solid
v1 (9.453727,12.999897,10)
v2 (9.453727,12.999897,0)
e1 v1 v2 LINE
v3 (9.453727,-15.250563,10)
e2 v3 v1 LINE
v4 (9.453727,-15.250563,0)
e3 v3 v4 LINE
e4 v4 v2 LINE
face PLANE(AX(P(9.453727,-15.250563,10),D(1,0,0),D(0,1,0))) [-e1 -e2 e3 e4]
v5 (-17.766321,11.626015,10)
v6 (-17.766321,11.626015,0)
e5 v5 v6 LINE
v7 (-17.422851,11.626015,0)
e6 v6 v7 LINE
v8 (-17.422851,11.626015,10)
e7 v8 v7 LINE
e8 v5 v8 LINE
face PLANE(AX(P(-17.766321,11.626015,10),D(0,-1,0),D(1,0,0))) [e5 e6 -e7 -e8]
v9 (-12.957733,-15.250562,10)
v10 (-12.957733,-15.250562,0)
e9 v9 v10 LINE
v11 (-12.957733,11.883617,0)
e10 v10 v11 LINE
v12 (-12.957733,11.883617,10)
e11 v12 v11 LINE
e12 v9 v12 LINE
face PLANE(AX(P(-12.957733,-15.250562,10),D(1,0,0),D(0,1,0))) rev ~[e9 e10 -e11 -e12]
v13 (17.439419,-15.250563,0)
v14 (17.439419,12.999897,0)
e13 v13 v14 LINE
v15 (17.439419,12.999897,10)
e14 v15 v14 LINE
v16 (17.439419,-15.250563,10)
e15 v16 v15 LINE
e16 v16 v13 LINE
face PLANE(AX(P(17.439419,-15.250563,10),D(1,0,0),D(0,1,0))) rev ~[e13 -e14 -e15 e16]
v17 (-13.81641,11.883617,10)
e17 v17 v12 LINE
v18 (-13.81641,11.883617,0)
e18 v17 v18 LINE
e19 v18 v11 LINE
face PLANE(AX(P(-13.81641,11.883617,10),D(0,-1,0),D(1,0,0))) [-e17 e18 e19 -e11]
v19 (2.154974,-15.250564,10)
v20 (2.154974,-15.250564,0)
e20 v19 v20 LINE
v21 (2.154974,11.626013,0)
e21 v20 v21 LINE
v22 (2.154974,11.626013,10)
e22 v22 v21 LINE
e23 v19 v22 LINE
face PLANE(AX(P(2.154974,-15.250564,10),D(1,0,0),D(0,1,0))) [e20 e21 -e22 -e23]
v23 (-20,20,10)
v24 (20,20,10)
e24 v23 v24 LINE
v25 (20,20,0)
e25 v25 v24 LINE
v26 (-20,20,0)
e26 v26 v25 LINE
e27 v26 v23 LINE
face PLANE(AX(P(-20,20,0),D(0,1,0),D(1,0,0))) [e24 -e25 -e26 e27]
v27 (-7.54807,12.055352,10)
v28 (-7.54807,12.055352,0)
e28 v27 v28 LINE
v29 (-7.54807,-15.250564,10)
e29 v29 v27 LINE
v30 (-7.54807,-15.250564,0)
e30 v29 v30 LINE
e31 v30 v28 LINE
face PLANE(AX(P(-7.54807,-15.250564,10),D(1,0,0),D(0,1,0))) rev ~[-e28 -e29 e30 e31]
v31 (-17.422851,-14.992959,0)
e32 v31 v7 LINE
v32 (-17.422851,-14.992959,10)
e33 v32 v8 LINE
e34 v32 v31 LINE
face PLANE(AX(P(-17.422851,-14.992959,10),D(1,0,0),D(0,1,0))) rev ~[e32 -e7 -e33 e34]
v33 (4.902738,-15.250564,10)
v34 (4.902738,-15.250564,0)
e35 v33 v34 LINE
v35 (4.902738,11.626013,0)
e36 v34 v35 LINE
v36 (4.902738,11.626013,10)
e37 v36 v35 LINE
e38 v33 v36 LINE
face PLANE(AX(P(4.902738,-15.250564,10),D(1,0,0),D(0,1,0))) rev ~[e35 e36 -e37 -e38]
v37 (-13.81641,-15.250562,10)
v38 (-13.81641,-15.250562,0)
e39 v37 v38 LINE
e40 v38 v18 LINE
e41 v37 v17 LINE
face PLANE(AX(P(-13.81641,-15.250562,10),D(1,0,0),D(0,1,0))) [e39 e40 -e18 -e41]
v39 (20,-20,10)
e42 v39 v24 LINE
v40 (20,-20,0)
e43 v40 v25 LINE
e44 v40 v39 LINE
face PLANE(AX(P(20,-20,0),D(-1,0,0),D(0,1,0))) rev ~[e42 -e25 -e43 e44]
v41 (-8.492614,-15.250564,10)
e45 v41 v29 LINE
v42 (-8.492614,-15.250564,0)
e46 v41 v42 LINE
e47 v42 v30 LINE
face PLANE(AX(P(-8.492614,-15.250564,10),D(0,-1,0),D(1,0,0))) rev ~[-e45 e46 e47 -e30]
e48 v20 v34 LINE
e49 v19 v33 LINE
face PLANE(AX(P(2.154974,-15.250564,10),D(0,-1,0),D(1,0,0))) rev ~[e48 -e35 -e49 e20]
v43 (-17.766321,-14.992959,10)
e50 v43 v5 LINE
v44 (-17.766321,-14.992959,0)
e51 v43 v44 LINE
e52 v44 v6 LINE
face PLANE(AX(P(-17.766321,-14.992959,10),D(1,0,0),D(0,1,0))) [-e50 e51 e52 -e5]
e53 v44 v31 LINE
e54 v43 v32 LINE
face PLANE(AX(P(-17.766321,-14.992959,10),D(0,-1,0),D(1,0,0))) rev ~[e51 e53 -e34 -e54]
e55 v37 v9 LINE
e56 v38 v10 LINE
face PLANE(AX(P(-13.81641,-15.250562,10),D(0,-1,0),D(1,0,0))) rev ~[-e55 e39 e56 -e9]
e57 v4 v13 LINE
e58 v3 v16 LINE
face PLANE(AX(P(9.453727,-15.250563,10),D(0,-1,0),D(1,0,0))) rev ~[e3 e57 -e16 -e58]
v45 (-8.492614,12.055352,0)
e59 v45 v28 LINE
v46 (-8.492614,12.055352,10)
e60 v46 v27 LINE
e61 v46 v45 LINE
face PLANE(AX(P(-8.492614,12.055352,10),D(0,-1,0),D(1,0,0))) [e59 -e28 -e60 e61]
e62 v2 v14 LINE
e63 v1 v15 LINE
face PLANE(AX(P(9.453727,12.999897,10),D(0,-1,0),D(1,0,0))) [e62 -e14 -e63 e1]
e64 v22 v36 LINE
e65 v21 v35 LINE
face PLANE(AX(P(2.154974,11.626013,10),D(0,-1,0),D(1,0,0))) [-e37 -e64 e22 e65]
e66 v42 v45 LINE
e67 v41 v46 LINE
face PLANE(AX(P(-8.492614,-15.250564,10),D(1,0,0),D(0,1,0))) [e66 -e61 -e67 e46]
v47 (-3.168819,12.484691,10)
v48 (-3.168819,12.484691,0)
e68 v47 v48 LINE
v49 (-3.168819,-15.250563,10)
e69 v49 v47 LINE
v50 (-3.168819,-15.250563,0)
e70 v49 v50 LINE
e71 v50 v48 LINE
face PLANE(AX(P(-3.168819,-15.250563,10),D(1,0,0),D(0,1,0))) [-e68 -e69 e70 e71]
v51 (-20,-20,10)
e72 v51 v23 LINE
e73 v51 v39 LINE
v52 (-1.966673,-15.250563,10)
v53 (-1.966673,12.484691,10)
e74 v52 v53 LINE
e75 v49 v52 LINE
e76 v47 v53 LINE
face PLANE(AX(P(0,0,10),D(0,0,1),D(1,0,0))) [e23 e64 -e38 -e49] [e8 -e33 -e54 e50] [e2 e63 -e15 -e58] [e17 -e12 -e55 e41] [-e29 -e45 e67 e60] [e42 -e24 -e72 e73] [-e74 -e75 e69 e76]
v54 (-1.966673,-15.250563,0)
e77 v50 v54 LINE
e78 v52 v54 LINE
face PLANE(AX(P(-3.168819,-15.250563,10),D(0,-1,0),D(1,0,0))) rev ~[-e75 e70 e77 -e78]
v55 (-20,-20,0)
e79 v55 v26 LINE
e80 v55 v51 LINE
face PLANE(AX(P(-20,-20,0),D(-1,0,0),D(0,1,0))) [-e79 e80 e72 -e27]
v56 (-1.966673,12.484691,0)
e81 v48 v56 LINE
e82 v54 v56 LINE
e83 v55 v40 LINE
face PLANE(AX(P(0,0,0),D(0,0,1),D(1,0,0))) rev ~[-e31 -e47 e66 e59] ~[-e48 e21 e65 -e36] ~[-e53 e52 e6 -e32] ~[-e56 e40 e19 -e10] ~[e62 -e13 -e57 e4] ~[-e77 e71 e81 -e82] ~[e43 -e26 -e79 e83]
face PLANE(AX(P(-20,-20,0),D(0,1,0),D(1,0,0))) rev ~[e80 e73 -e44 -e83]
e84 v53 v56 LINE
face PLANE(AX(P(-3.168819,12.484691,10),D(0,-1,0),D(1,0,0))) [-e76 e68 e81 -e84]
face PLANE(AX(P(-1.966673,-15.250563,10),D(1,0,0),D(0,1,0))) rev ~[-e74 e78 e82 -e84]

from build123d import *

# Parameters (mm, degrees)
F0_W     = 40
F0_H     = 40
F1_DEPTH = 10
F2_W     = 0.34347
F2_H     = 26.618973
F2_W_2   = 0.858677
F2_H_2   = 27.134179
F2_W_3   = 0.944544
F2_H_3   = 27.305915
F2_W_4   = 1.202146
F2_H_4   = 27.735254
F2_W_5   = 2.747765
F2_H_5   = 26.876577
F2_W_6   = 7.985693
F2_H_6   = 28.25046
F3_DEPTH = 25


with BuildPart() as f1:
    # F0 (on Top) → F1 (new body)
    with BuildSketch(Plane.XY):
        Rectangle(F0_W, F0_H)
    extrude(amount=F1_DEPTH)

    # F2 (on face) → F3 (cut)
    with BuildSketch(Plane.XY.offset(10)):
        with Locations((-17.594586, -1.683472)):
            Rectangle(F2_W, F2_H)
        with Locations((-13.387071, -1.683473)):
            Rectangle(F2_W_2, F2_H_2)
        with Locations((-8.020342, -1.597606)):
            Rectangle(F2_W_3, F2_H_3)
        with Locations((-2.567746, -1.382936)):
            Rectangle(F2_W_4, F2_H_4)
        with Locations((3.528856, -1.812275)):
            Rectangle(F2_W_5, F2_H_5)
        with Locations((13.446573, -1.125333)):
            Rectangle(F2_W_6, F2_H_6)
    extrude(amount=-F3_DEPTH, mode=Mode.SUBTRACT)


solid = f1.part
